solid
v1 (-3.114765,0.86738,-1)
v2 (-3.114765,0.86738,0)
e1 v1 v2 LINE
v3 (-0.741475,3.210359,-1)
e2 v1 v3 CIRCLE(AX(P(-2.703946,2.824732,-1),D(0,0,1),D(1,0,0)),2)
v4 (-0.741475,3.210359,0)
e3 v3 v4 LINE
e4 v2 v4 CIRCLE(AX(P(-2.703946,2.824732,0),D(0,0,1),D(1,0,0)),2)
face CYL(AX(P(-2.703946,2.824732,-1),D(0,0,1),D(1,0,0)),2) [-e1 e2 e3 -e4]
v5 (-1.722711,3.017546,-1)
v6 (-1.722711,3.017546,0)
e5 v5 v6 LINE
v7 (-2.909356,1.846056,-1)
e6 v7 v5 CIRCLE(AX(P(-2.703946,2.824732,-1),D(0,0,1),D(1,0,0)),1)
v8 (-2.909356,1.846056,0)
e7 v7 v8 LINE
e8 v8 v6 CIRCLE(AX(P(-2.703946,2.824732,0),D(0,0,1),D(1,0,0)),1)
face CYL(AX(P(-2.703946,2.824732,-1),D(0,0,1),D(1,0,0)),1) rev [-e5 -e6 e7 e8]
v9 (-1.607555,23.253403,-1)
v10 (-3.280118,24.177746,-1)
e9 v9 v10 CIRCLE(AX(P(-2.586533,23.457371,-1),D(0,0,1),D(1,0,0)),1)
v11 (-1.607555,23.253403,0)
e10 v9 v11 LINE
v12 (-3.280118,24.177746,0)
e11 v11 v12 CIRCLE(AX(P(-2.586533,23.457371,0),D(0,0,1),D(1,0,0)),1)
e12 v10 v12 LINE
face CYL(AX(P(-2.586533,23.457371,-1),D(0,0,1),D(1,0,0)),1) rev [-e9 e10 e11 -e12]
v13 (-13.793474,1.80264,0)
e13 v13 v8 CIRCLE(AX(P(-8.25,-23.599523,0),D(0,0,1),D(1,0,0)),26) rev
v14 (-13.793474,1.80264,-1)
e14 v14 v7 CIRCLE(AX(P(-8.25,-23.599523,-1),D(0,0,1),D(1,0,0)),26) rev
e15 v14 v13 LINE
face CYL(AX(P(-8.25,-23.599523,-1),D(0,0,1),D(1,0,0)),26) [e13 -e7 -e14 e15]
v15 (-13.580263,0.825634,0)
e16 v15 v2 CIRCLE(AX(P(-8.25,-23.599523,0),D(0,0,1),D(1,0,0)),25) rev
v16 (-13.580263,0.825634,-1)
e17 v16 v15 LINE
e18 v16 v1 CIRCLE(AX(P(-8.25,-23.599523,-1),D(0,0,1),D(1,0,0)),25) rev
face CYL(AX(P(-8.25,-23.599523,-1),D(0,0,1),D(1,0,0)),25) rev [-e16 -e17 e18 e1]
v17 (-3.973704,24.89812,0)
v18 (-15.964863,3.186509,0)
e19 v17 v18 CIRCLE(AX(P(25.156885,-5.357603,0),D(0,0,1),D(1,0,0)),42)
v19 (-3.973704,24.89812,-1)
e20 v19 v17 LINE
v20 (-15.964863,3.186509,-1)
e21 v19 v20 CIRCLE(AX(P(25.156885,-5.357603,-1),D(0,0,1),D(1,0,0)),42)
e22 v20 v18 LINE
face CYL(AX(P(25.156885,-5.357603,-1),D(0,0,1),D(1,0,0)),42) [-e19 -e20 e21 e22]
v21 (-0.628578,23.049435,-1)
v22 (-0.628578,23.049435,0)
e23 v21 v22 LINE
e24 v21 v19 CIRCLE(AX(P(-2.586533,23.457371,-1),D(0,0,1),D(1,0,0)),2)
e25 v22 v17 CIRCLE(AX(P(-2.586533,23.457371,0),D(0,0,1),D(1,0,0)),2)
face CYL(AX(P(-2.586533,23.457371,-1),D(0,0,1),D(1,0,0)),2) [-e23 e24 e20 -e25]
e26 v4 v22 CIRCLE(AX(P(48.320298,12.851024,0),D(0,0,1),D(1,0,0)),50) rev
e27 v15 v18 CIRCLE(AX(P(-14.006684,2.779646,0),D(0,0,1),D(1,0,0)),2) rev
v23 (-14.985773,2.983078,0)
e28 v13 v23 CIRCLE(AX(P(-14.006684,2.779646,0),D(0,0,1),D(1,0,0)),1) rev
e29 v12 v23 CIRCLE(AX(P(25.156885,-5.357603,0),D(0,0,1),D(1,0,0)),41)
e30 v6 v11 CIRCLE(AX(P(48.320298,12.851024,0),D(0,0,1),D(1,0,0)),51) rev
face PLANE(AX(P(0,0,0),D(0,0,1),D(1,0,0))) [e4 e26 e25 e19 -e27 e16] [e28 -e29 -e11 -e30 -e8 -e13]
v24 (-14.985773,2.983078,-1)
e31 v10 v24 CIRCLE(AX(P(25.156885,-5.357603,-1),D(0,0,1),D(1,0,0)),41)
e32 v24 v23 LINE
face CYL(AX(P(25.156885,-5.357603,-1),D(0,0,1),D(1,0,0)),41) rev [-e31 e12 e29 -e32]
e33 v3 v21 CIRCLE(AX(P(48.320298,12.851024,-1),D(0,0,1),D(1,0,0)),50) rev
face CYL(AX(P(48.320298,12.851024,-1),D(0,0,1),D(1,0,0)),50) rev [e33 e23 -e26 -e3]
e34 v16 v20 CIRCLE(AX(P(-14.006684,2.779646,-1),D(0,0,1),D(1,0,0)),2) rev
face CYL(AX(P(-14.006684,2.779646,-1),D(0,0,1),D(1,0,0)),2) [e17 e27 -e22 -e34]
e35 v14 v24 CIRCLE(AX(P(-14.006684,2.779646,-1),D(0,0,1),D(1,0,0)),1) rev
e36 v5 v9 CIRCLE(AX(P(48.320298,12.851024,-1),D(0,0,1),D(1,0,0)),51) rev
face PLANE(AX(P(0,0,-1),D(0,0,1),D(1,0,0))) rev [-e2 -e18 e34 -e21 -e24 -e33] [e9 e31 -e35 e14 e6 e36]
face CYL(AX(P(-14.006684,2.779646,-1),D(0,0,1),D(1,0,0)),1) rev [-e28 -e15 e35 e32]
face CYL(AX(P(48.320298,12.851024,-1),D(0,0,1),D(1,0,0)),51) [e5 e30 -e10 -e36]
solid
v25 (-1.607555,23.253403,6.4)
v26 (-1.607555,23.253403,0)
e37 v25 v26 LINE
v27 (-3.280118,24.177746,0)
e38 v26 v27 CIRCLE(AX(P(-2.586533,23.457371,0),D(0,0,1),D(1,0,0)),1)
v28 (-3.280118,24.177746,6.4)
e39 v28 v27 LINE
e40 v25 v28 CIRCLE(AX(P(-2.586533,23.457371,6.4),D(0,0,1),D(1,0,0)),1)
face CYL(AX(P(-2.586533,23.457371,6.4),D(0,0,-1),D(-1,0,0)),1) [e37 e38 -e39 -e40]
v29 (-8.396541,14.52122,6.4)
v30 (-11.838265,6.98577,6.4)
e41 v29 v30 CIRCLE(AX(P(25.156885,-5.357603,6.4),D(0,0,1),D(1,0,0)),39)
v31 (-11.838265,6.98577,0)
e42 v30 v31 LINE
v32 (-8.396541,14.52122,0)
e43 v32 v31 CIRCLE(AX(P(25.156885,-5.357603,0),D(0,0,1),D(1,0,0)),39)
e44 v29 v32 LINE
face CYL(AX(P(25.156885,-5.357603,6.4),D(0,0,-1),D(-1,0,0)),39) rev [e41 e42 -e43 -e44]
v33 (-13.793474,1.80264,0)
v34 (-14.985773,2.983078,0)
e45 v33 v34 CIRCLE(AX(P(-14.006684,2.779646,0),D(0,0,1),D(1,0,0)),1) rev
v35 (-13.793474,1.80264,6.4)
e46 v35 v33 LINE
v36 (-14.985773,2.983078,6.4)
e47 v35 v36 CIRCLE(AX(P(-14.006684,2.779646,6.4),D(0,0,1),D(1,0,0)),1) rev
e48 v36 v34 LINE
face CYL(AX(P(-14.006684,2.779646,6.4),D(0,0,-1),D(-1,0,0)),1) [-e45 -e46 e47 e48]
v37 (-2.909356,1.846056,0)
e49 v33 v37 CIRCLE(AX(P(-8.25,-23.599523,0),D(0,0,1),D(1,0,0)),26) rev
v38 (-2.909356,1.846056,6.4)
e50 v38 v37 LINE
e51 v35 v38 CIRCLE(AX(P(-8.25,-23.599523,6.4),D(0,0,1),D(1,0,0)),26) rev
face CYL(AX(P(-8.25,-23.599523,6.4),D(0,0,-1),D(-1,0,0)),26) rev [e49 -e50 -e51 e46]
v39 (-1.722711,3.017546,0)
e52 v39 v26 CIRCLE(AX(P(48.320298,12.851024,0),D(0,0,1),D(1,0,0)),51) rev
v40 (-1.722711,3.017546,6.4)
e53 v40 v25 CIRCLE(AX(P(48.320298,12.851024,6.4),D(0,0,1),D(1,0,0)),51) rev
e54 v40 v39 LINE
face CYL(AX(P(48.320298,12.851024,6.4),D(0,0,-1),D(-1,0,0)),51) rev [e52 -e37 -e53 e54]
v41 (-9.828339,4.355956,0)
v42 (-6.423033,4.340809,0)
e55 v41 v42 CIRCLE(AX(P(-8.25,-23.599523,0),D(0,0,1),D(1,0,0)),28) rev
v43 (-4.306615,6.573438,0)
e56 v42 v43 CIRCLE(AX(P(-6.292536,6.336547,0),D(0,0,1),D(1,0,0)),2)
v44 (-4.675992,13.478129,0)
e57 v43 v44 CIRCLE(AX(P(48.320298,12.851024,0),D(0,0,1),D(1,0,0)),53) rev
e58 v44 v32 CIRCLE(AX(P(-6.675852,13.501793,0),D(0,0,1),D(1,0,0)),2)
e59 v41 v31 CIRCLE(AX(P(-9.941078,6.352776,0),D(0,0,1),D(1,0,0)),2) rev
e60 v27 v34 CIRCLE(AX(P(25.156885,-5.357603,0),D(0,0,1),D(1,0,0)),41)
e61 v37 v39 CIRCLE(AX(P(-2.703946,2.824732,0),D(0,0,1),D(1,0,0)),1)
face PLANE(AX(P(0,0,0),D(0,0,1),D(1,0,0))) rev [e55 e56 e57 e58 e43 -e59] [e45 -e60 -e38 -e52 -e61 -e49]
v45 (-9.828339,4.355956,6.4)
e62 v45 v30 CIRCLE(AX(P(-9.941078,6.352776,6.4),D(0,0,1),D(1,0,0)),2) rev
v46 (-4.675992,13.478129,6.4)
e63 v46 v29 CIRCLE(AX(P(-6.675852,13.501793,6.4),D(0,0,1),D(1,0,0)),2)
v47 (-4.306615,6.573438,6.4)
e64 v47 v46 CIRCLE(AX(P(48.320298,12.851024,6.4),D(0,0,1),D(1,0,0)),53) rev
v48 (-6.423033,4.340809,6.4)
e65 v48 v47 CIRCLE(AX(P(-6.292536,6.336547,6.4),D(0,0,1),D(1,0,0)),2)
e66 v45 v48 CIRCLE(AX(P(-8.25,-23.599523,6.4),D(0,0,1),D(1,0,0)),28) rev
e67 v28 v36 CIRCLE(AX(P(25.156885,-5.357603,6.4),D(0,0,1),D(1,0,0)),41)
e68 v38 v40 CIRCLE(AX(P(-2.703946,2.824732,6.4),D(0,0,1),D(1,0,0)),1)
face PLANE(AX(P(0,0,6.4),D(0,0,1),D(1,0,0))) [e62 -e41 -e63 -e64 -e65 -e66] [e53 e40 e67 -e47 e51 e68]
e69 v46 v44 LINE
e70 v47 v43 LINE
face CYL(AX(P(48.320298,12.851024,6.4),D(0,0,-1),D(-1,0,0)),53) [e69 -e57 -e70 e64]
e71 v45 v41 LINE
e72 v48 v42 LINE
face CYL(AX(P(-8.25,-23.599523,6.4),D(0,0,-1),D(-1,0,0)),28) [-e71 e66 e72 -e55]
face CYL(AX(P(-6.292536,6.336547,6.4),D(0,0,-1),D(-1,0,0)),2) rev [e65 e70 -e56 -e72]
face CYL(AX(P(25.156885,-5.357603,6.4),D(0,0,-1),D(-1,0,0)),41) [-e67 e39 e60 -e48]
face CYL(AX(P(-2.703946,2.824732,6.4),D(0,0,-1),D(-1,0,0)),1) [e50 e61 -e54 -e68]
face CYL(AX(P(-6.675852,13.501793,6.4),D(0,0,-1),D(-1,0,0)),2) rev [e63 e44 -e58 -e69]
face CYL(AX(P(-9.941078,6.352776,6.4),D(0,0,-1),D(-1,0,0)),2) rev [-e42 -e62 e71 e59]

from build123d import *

# Parameters (mm, degrees)
EXTRUDE_1_DEPTH = 6.4
EXTRUDE_2_DEPTH = 1


with BuildPart() as part:
    # 草图1 → 凸台-拉伸1 (new body)
    with BuildSketch(Plane.XY):
        with BuildLine():
            ThreePointArc((-1.607555315, 23.253403092), (-2.102834102, 24.33260587), (-3.280118278, 24.177745667))
            ThreePointArc((-3.280118278, 24.177745667), (-10.73316918, 14.464202841), (-14.985773436, 2.983077502))
            ThreePointArc((-14.985773436, 2.983077502), (-14.710247084, 2.069013261), (-13.793473674, 1.802639986))
            ThreePointArc((-13.793473674, 1.802639986), (-8.353711957, 2.400269849), (-2.909355589, 1.846056223))
            ThreePointArc((-2.909355589, 1.846056223), (-2.001398399, 2.113095791), (-1.722710728, 3.017545663))
            ThreePointArc((-1.722710728, 3.017545663), (-2.678876467, 13.141243248), (-1.607555315, 23.253403092))
        make_face()
        with BuildLine():
            ThreePointArc((-11.838265008, 6.985769863), (-10.31805168, 10.845138893), (-8.396540596, 14.521220098))
            ThreePointArc((-8.396540596, 14.521220098), (-6.135950273, 15.427541437), (-4.675992097, 13.478128935))
            ThreePointArc((-4.675992097, 13.478128935), (-4.604024648, 10.019753035), (-4.3066146, 6.573437547))
            ThreePointArc((-4.3066146, 6.573437547), (-4.841051661, 4.960613716), (-6.423033433, 4.340809432))
            ThreePointArc((-6.423033433, 4.340809432), (-8.12545588, 4.400199712), (-9.828339295, 4.355956396))
            ThreePointArc((-9.828339295, 4.355956396), (-11.530116514, 5.138298702), (-11.838265008, 6.985769863))
        make_face(mode=Mode.SUBTRACT)
    extrude(amount=EXTRUDE_1_DEPTH)


with BuildPart() as body_2:
    # 草图1<5> → 凸台-拉伸2 (new body)
    with BuildSketch(Plane.XY):
        with BuildLine():
            ThreePointArc((-15.964862672, 3.186508738), (-15.413809968, 1.358380256), (-13.580263148, 0.825633706))
            ThreePointArc((-13.580263148, 0.825633706), (-8.349723035, 1.400277805), (-3.11476499, 0.867380088))
            ThreePointArc((-3.11476499, 0.867380088), (-1.29885061, 1.401459224), (-0.741475267, 3.210358968))
            ThreePointArc((-0.741475267, 3.210358968), (-1.678892658, 13.135552679), (-0.628577803, 23.049434879))
            ThreePointArc((-0.628577803, 23.049434879), (-1.619135377, 25.207840435), (-3.97370373, 24.898120029))
            ThreePointArc((-3.97370373, 24.898120029), (-11.608536362, 14.947661524), (-15.964862672, 3.186508738))
        make_face()
        with BuildLine():
            ThreePointArc((-14.985773436, 2.983077502), (-10.73316918, 14.464202841), (-3.280118278, 24.177745667))
            ThreePointArc((-3.280118278, 24.177745667), (-2.102834102, 24.33260587), (-1.607555315, 23.253403092))
            ThreePointArc((-1.607555315, 23.253403092), (-2.678876467, 13.141243248), (-1.722710728, 3.017545663))
            ThreePointArc((-1.722710728, 3.017545663), (-2.001398399, 2.113095791), (-2.909355589, 1.846056223))
            ThreePointArc((-2.909355589, 1.846056223), (-8.353711957, 2.400269849), (-13.793473674, 1.802639986))
            ThreePointArc((-13.793473674, 1.802639986), (-14.710247084, 2.069013261), (-14.985773436, 2.983077502))
        make_face(mode=Mode.SUBTRACT)
    extrude(amount=-EXTRUDE_2_DEPTH)


solid = Compound([part.part, body_2.part])
